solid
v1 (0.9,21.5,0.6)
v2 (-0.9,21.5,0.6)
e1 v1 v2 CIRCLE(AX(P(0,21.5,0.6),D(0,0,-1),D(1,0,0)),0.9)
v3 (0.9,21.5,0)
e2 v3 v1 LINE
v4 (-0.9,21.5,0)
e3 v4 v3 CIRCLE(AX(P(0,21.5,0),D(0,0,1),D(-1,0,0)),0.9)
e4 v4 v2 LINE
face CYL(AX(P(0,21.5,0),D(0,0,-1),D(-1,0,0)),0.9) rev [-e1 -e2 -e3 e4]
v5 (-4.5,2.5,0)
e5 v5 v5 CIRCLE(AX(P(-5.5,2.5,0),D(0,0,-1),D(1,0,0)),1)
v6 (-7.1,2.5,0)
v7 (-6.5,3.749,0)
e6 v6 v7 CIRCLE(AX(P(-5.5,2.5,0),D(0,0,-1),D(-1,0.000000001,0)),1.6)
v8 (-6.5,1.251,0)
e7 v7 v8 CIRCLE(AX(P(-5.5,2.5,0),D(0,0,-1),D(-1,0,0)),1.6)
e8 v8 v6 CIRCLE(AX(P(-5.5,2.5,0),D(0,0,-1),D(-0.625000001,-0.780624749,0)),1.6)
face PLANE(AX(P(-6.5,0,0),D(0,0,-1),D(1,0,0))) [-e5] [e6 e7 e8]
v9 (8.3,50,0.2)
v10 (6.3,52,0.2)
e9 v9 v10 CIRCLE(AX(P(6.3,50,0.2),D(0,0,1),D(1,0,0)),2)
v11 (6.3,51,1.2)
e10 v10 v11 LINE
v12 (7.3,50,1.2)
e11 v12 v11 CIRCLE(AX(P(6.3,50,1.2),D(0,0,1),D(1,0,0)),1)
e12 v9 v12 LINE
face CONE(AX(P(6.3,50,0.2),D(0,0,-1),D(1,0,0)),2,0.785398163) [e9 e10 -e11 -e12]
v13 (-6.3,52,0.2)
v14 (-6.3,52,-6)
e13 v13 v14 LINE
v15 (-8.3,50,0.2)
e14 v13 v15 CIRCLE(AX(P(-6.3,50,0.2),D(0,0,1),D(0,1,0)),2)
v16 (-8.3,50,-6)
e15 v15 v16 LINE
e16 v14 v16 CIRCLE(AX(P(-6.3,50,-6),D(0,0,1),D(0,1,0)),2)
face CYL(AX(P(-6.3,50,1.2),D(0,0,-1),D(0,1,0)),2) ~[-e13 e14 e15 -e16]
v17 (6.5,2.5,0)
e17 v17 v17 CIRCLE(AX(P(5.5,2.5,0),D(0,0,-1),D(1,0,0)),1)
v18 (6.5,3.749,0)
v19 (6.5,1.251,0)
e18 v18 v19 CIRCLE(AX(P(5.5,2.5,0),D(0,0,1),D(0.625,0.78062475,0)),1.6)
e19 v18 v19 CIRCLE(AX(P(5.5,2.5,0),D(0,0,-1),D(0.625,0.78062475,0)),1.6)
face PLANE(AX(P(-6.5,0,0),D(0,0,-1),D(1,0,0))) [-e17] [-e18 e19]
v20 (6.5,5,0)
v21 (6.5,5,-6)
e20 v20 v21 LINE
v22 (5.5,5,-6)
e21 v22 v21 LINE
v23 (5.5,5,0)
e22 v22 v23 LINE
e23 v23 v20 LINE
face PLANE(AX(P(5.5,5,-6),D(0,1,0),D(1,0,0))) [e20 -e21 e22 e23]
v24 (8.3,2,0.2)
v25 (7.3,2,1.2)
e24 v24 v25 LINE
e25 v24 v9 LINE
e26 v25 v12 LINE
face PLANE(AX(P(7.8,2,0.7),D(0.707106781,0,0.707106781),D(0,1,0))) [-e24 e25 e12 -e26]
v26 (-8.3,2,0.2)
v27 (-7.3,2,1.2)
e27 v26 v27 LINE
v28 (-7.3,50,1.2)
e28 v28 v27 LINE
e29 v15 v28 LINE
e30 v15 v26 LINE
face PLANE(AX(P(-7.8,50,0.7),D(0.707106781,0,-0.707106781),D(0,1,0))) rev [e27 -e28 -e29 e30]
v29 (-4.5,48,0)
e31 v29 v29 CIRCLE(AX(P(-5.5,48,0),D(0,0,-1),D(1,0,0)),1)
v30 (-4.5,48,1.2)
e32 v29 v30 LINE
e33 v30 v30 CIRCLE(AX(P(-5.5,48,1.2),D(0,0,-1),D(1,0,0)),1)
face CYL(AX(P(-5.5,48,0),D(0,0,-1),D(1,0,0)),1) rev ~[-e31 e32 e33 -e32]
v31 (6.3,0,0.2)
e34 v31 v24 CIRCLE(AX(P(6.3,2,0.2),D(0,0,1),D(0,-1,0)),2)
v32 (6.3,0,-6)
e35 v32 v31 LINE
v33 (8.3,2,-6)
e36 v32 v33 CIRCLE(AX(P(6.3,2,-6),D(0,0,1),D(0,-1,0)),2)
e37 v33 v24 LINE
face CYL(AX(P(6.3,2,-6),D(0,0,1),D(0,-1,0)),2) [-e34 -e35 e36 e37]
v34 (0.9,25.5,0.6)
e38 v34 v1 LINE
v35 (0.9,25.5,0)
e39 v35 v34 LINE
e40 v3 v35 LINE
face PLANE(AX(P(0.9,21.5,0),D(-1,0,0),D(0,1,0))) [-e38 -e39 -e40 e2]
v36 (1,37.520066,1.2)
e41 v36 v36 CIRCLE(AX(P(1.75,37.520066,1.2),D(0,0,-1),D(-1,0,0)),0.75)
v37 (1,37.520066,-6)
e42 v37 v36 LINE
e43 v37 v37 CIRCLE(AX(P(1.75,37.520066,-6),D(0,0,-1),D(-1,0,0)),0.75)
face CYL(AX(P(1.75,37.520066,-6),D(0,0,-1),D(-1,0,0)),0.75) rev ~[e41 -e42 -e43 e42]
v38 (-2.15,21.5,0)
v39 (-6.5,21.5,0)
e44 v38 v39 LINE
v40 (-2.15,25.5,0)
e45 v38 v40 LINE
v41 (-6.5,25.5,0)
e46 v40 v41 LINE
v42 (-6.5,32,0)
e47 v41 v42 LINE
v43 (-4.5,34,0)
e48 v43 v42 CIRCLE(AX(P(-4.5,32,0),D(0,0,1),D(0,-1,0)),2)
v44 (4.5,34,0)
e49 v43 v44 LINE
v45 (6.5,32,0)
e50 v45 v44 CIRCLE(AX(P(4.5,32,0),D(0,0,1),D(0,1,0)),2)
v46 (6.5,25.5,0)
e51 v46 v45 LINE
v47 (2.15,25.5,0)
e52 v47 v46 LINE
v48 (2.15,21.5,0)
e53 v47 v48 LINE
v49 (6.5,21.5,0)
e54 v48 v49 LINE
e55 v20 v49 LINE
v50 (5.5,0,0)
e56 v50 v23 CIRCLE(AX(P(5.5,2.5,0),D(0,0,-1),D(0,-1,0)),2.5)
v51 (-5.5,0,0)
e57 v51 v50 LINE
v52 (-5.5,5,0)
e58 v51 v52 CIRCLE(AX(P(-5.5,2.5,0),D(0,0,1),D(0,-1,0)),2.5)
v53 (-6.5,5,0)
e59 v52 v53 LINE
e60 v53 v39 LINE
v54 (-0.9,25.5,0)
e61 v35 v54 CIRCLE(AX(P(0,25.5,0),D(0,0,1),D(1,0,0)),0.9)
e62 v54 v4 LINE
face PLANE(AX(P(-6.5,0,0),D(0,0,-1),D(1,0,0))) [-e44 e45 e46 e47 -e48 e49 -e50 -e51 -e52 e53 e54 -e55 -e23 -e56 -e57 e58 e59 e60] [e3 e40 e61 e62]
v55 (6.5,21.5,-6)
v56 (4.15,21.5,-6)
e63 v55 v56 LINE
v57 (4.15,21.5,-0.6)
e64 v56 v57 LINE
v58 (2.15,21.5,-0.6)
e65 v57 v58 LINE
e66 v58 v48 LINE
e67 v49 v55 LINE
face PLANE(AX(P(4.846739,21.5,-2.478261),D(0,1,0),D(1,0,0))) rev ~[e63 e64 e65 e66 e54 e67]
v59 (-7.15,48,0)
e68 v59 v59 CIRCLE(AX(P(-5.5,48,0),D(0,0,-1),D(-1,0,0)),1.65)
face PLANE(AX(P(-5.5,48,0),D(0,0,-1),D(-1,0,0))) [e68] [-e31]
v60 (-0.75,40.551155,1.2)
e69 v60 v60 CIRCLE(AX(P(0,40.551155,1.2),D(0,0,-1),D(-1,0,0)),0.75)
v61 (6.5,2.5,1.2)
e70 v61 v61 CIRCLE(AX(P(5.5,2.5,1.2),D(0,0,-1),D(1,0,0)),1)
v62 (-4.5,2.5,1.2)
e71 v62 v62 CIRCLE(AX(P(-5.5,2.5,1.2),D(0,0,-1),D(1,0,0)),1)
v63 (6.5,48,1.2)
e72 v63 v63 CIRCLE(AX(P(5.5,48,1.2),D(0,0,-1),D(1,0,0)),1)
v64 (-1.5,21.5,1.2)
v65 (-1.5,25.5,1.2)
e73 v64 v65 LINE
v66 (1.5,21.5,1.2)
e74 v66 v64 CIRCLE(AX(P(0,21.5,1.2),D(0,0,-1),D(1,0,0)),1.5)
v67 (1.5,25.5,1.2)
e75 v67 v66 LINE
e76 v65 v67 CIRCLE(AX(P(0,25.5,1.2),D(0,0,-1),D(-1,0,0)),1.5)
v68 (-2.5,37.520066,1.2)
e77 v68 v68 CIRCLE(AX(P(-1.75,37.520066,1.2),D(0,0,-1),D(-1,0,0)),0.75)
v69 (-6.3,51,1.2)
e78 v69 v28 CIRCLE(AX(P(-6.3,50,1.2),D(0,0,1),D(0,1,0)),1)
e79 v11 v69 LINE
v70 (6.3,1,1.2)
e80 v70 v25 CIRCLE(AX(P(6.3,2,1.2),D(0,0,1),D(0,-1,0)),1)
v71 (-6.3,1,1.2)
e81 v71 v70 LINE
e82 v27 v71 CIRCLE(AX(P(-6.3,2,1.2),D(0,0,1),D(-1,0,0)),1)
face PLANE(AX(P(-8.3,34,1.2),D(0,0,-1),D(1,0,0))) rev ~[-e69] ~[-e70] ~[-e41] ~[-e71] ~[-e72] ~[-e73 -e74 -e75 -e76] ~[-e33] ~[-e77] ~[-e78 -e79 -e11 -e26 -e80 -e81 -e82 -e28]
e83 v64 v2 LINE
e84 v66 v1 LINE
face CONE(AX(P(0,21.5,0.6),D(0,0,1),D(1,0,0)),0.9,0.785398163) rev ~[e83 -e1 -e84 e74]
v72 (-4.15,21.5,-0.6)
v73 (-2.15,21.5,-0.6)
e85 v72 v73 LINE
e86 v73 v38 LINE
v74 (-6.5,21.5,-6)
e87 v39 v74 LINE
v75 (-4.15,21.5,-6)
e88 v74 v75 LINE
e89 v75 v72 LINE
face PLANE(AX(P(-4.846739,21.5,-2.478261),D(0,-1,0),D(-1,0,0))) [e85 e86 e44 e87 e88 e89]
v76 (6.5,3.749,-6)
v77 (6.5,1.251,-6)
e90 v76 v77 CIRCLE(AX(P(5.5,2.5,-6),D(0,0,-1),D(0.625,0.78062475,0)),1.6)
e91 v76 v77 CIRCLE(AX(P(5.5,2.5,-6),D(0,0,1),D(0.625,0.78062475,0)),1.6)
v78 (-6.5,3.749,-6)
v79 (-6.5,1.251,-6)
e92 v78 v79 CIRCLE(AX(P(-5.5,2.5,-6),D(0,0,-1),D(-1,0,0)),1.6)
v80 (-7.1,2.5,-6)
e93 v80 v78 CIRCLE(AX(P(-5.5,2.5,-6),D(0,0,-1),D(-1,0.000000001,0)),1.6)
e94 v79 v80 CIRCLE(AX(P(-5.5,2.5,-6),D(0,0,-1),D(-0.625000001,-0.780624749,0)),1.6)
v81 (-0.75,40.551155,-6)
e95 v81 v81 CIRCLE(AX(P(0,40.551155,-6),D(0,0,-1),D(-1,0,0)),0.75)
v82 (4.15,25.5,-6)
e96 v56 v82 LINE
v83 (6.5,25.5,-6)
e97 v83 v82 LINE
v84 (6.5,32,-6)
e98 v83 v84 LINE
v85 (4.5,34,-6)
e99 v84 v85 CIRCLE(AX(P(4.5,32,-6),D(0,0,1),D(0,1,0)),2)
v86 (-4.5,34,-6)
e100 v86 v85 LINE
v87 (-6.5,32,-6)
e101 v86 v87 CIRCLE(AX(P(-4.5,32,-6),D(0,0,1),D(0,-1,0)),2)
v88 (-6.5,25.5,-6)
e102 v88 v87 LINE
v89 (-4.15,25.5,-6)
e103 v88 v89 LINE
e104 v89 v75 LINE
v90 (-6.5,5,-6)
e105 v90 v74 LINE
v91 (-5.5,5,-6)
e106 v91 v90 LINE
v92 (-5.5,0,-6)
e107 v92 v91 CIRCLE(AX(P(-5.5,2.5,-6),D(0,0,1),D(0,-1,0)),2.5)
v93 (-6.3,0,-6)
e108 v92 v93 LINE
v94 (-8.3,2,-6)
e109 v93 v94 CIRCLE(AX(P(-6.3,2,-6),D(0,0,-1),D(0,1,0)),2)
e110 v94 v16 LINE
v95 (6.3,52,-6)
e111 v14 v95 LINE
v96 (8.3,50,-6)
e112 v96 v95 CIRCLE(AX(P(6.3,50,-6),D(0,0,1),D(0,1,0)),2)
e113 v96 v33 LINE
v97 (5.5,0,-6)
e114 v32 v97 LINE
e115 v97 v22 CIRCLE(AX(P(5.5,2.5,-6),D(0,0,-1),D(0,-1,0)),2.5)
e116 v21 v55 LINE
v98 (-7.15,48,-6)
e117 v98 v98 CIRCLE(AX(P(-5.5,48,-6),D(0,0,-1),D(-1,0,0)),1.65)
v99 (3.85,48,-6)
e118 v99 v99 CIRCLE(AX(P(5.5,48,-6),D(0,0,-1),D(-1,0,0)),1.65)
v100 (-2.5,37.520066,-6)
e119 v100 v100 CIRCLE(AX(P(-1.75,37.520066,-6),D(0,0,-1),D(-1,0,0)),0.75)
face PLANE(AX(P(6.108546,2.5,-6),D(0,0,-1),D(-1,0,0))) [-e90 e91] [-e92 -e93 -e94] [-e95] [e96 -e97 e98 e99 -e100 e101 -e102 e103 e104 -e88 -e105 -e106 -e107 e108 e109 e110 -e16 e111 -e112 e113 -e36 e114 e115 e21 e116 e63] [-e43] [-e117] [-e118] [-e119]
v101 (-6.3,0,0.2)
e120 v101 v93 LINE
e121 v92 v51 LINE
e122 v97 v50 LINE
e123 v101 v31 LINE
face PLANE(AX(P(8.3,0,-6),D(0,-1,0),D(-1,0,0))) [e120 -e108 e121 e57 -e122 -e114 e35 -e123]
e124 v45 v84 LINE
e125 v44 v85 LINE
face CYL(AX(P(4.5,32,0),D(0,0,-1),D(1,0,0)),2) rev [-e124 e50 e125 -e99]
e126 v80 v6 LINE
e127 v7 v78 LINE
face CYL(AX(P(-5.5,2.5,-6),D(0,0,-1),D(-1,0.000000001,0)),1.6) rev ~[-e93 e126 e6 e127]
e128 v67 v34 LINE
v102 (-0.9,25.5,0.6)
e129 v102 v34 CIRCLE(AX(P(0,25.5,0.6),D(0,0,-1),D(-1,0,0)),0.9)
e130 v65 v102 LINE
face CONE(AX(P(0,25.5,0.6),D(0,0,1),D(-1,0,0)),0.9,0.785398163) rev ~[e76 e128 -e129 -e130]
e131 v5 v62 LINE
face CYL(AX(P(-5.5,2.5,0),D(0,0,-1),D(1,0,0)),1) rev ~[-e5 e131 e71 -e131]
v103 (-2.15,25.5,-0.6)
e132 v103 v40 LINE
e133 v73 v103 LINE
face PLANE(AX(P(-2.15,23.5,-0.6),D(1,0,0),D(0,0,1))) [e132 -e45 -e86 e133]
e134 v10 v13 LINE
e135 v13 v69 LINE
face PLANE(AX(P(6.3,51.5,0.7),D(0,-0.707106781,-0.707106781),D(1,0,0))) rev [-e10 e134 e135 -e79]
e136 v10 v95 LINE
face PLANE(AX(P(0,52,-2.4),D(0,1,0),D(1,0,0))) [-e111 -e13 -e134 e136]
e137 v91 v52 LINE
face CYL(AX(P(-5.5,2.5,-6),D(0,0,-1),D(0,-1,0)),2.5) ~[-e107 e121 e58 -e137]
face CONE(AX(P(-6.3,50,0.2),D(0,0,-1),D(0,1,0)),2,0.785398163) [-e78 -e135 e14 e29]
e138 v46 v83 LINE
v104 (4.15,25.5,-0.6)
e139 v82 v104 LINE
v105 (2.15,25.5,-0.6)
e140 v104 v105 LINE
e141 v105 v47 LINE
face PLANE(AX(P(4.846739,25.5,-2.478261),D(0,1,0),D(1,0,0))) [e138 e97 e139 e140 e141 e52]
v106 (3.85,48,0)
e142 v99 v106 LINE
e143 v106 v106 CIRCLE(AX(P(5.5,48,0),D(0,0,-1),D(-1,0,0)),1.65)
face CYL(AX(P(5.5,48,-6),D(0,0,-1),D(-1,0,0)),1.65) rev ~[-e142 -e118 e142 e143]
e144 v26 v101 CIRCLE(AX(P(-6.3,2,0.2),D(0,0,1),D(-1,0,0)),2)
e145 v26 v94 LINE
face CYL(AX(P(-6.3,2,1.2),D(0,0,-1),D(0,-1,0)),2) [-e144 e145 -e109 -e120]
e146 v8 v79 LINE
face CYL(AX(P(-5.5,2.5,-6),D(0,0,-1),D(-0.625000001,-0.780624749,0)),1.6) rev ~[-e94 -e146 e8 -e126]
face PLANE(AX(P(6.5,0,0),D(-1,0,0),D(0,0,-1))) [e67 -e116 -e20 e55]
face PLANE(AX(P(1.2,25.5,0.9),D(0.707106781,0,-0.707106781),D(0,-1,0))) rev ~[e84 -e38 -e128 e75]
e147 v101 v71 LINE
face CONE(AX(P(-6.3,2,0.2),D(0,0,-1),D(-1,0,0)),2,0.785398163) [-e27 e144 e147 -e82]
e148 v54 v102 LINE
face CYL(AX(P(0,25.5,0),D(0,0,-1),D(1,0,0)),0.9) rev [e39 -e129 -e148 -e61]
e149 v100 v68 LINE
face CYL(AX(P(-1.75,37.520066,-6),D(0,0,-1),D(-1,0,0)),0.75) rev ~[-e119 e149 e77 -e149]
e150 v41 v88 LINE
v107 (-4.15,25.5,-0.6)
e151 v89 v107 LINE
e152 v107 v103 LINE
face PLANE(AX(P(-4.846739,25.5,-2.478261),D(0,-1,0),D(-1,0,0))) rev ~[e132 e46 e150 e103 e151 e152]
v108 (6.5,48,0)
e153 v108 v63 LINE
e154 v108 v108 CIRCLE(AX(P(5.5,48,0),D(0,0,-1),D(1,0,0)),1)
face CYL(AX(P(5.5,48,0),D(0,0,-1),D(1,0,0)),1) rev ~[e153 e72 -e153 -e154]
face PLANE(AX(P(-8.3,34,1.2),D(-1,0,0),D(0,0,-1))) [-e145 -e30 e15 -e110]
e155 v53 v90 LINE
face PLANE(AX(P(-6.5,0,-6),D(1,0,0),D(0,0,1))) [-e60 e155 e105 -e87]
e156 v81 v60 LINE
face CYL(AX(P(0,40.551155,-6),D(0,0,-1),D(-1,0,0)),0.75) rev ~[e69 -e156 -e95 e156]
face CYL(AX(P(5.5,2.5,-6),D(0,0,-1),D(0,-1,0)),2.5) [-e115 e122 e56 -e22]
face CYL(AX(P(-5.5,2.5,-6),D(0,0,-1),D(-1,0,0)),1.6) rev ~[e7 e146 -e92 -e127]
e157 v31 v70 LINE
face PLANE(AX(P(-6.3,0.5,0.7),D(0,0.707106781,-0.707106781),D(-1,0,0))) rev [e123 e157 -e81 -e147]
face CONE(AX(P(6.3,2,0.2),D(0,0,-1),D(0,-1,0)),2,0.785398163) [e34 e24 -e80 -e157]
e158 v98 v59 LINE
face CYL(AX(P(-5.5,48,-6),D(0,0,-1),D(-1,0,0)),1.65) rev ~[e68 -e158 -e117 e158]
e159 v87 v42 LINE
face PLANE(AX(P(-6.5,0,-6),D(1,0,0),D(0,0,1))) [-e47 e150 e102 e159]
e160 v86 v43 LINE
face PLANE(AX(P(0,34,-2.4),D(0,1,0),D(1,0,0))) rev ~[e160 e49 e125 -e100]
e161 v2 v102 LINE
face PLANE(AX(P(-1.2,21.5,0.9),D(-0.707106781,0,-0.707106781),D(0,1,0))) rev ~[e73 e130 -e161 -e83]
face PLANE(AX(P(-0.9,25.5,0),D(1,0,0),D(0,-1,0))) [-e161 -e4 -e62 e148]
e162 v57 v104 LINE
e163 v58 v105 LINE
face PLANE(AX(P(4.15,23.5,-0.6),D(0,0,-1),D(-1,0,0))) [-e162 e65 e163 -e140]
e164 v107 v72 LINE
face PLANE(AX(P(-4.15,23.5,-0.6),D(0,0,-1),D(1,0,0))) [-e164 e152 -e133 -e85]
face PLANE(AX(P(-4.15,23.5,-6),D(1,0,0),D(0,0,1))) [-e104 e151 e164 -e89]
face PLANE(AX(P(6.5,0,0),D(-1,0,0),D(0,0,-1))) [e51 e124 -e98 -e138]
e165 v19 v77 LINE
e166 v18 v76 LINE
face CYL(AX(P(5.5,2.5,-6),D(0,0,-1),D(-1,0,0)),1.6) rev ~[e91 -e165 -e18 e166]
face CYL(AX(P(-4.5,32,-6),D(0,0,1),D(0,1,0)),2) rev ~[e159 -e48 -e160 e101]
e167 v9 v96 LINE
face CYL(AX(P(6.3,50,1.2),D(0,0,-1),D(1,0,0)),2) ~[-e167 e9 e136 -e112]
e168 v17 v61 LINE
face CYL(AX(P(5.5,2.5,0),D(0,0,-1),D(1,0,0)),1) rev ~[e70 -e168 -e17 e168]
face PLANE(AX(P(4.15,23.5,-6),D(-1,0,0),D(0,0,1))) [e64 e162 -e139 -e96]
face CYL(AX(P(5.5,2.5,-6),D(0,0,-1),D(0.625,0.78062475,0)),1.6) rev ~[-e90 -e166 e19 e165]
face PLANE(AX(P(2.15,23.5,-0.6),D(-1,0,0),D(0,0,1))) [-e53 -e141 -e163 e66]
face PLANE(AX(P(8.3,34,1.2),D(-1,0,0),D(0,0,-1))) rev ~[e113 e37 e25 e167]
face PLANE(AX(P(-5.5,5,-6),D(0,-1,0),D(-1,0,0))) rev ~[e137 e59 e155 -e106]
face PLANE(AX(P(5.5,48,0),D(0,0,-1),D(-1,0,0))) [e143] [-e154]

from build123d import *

# Parameters (mm, degrees)
EXTRUDE_1_DEPTH          = 34
SKETCH_2_W               = 16.6
SKETCH_2_H               = 7.2
EXTRUDE_2_DEPTH          = 18
CUT_EXTRUDE_2_DEPTH      = 2.2
CHAMFER_1_SIZE           = 0.6
EXTRUDE_4_DEPTH          = 2
SKETCH_8_R               = 1.6
EXTRUDE_5_DEPTH          = 6
CUT_EXTRUDE_4_DEPTH      = 6
SKETCH_9_R               = 1
CUT_EXTRUDE_5_DEPTH      = 7
CUT_EXTRUDE_5_DEPTH_BACK = 4
SKETCH_10_R              = 1.65
CUT_EXTRUDE_6_DEPTH      = 6
FILLET_1_R               = 2
SKETCH_13_R              = 0.75
CUT_EXTRUDE_9_DEPTH      = 8.2
FILLET_2_R               = 2
CHAMFER_2_SIZE           = 1


with BuildPart() as part:
    # Sketch 1 → Extrude 1 (new body)
    with BuildSketch(Plane(origin=(0, 0, 0), x_dir=(1, 0, 0), z_dir=(0, 1, 0))):
        Polygon((-6.5, 0), (6.5, 0), (6.5, 6), (8.3, 6), (8.3, -1.2), (-8.3, -1.2), (-8.3, 6), (-6.5, 6), align=None)
    extrude(amount=EXTRUDE_1_DEPTH)

    # Sketch 2 → Extrude 2 (add)
    with BuildSketch(Plane(origin=(0, 34, 0), x_dir=(1, 0, 0), z_dir=(0, 1, 0))):
        with Locations((0, 2.4)):
            Rectangle(SKETCH_2_W, SKETCH_2_H)
    extrude(amount=EXTRUDE_2_DEPTH)

    # Sketch 4 → Cut-Extrude 2 (cut, through all)
    with BuildSketch(Plane(origin=(0, 0, 0), x_dir=(-1, 0, 0), z_dir=(0, 0, -1))):
        with BuildLine():
            Line((0.9, 25.5), (0.9, 21.5))
            ThreePointArc((0.9, 21.5), (0, 20.6), (-0.9, 21.5))
            Line((-0.9, 21.5), (-0.9, 25.5))
            ThreePointArc((-0.9, 25.5), (0, 26.4), (0.9, 25.5))
        make_face()
    extrude(amount=-CUT_EXTRUDE_2_DEPTH, mode=Mode.SUBTRACT)

    # Chamfer 1
    chamfer_1_edges = [part.edges().sort_by_distance(p)[0] for p in [
        (0, 26.4, 1.2),
        (-0.9, 23.5, 1.2),
        (0, 20.6, 1.2),
        (0.9, 23.5, 1.2),
    ]]
    chamfer(chamfer_1_edges, length=CHAMFER_1_SIZE)

    # Sketch 5 → Extrude 4 (add, symmetric)
    with BuildSketch(Plane(origin=(0, 23.5, 0), x_dir=(-1, 0, 0), z_dir=(0, -1, 0))):
        Polygon((-6.5, 6), (-4.15, 6), (-4.15, 0.6), (-2.15, 0.6), (-2.15, 0), (-6.5, 0), align=None)
        Polygon((6.5, 0), (6.5, 6), (4.15, 6), (4.15, 0.6), (2.15, 0.6), (2.15, 0), align=None)
    extrude(amount=EXTRUDE_4_DEPTH, both=True)

    # Sketch 8 → Extrude 5 (add)
    with BuildSketch(Plane(origin=(0, 0, -6), x_dir=(-1, 0, 0), z_dir=(0, 0, -1))):
        with BuildLine():
            Line((-5.5, 5), (-8.3, 5))
            Line((-8.3, 5), (-8.3, 0))
            Line((-8.3, 0), (-5.5, 0))
            ThreePointArc((-5.5, 0), (-3, 2.5), (-5.5, 5))
        make_face()
        with Locations((-5.5, 2.5)):
            Circle(SKETCH_8_R, mode=Mode.SUBTRACT)
        with BuildLine():
            Line((8.3, 0), (5.5, 0))
            ThreePointArc((5.5, 0), (3, 2.5), (5.5, 5))
            Line((5.5, 5), (8.3, 5))
            Line((8.3, 5), (8.3, 0))
        make_face()
        with Locations((5.5, 2.5)):
            Circle(SKETCH_8_R, mode=Mode.SUBTRACT)
    extrude(amount=-EXTRUDE_5_DEPTH)

    # Sketch 8_2 → Cut-Extrude 4 (cut)
    with BuildSketch(Plane(origin=(0, 0, -6), x_dir=(-1, 0, 0), z_dir=(0, 0, -1))):
        with BuildLine():
            Line((-6.5, 1.2510004), (-6.5, 3.7489996))
            ThreePointArc((-6.5, 3.7489996), (-7.1, 2.5), (-6.5, 1.2510004))
        make_face()
        with BuildLine():
            ThreePointArc((-3.9, 2.5), (-4.807179677, 3.94222051), (-6.5, 3.7489996))
            Line((-6.5, 3.7489996), (-6.5, 1.2510004))
            ThreePointArc((-6.5, 1.2510004), (-4.807179677, 1.05777949), (-3.9, 2.5))
        make_face()
        with BuildLine():
            Line((6.5, 3.7489996), (6.5, 1.2510004))
            ThreePointArc((6.5, 1.2510004), (6.94222051, 1.807179677), (7.1, 2.5))
            ThreePointArc((7.1, 2.5), (6.94222051, 3.192820323), (6.5, 3.7489996))
        make_face()
        with BuildLine():
            ThreePointArc((6.5, 3.7489996), (3.9, 2.5), (6.5, 1.2510004))
            Line((6.5, 1.2510004), (6.5, 3.7489996))
        make_face()
    extrude(amount=-CUT_EXTRUDE_4_DEPTH, mode=Mode.SUBTRACT)

    # Sketch 9 → Cut-Extrude 5 (cut, two sides)
    with BuildSketch(Plane(origin=(0, 0, 0), x_dir=(-1, 0, 0), z_dir=(0, 0, -1))) as cut_extrude_5_sk:
        with Locations(Location((-5.5, 2.5, 0), (0, 0, 180))):  # turned: the seam where the file's is
            Circle(SKETCH_9_R)
        with Locations(Location((5.5, 2.5, 0), (0, 0, 180))):  # turned: the seam where the file's is
            Circle(SKETCH_9_R)
        with Locations(Location((5.5, 48, 0), (0, 0, 180))):  # turned: the seam where the file's is
            Circle(SKETCH_9_R)
        with Locations(Location((-5.5, 48, 0), (0, 0, 180))):  # turned: the seam where the file's is
            Circle(SKETCH_9_R)
    extrude(amount=CUT_EXTRUDE_5_DEPTH, mode=Mode.SUBTRACT)
    extrude(cut_extrude_5_sk.sketch, amount=-CUT_EXTRUDE_5_DEPTH_BACK, mode=Mode.SUBTRACT)

    # Sketch 10 → Cut-Extrude 6 (cut)
    with BuildSketch(Plane(origin=(0, 0, -6), x_dir=(-1, 0, 0), z_dir=(0, 0, -1))):
        with Locations((-5.5, 48)):
            Circle(SKETCH_10_R)
        with Locations((5.5, 48)):
            Circle(SKETCH_10_R)
    extrude(amount=-CUT_EXTRUDE_6_DEPTH, mode=Mode.SUBTRACT)

    # Fillet 1
    fillet_1_edges = [part.edges().sort_by_distance(p)[0] for p in [
        (-6.5, 34, -3),
        (6.5, 34, -3),
    ]]
    fillet(fillet_1_edges, radius=FILLET_1_R)

    # Sketch 13 → Cut-Extrude 9 (cut, through all)
    with BuildSketch(Plane(origin=(0, 0, -6), x_dir=(-1, 0, 0), z_dir=(0, 0, -1))):
        with Locations((0, 40.551155153)):
            Circle(SKETCH_13_R)
        with Locations((-1.75, 37.52006624)):
            Circle(SKETCH_13_R)
        with Locations((1.75, 37.52006624)):
            Circle(SKETCH_13_R)
    extrude(amount=-CUT_EXTRUDE_9_DEPTH, mode=Mode.SUBTRACT)

    # Fillet 2
    fillet_2_edges = [part.edges().sort_by_distance(p)[0] for p in [
        (-8.3, 52, -2.4),
        (8.3, 52, -2.4),
        (8.3, 0, -2.4),
        (-8.3, 0, -2.4),
    ]]
    fillet(fillet_2_edges, radius=FILLET_2_R)

    # Chamfer 2
    chamfer_2_edges = [part.edges().sort_by_distance(p)[0] for p in [
        (8.3, 26, 1.2),
        (0, 0, 1.2),
        (0, 52, 1.2),
        (-8.3, 26, 1.2),
        (-7.714213562, 51.414213562, 1.2),
        (7.714213562, 51.414213562, 1.2),
        (-7.714213562, 0.585786438, 1.2),
        (7.714213562, 0.585786438, 1.2),
    ]]
    chamfer(chamfer_2_edges, length=CHAMFER_2_SIZE)


solid = part.part
